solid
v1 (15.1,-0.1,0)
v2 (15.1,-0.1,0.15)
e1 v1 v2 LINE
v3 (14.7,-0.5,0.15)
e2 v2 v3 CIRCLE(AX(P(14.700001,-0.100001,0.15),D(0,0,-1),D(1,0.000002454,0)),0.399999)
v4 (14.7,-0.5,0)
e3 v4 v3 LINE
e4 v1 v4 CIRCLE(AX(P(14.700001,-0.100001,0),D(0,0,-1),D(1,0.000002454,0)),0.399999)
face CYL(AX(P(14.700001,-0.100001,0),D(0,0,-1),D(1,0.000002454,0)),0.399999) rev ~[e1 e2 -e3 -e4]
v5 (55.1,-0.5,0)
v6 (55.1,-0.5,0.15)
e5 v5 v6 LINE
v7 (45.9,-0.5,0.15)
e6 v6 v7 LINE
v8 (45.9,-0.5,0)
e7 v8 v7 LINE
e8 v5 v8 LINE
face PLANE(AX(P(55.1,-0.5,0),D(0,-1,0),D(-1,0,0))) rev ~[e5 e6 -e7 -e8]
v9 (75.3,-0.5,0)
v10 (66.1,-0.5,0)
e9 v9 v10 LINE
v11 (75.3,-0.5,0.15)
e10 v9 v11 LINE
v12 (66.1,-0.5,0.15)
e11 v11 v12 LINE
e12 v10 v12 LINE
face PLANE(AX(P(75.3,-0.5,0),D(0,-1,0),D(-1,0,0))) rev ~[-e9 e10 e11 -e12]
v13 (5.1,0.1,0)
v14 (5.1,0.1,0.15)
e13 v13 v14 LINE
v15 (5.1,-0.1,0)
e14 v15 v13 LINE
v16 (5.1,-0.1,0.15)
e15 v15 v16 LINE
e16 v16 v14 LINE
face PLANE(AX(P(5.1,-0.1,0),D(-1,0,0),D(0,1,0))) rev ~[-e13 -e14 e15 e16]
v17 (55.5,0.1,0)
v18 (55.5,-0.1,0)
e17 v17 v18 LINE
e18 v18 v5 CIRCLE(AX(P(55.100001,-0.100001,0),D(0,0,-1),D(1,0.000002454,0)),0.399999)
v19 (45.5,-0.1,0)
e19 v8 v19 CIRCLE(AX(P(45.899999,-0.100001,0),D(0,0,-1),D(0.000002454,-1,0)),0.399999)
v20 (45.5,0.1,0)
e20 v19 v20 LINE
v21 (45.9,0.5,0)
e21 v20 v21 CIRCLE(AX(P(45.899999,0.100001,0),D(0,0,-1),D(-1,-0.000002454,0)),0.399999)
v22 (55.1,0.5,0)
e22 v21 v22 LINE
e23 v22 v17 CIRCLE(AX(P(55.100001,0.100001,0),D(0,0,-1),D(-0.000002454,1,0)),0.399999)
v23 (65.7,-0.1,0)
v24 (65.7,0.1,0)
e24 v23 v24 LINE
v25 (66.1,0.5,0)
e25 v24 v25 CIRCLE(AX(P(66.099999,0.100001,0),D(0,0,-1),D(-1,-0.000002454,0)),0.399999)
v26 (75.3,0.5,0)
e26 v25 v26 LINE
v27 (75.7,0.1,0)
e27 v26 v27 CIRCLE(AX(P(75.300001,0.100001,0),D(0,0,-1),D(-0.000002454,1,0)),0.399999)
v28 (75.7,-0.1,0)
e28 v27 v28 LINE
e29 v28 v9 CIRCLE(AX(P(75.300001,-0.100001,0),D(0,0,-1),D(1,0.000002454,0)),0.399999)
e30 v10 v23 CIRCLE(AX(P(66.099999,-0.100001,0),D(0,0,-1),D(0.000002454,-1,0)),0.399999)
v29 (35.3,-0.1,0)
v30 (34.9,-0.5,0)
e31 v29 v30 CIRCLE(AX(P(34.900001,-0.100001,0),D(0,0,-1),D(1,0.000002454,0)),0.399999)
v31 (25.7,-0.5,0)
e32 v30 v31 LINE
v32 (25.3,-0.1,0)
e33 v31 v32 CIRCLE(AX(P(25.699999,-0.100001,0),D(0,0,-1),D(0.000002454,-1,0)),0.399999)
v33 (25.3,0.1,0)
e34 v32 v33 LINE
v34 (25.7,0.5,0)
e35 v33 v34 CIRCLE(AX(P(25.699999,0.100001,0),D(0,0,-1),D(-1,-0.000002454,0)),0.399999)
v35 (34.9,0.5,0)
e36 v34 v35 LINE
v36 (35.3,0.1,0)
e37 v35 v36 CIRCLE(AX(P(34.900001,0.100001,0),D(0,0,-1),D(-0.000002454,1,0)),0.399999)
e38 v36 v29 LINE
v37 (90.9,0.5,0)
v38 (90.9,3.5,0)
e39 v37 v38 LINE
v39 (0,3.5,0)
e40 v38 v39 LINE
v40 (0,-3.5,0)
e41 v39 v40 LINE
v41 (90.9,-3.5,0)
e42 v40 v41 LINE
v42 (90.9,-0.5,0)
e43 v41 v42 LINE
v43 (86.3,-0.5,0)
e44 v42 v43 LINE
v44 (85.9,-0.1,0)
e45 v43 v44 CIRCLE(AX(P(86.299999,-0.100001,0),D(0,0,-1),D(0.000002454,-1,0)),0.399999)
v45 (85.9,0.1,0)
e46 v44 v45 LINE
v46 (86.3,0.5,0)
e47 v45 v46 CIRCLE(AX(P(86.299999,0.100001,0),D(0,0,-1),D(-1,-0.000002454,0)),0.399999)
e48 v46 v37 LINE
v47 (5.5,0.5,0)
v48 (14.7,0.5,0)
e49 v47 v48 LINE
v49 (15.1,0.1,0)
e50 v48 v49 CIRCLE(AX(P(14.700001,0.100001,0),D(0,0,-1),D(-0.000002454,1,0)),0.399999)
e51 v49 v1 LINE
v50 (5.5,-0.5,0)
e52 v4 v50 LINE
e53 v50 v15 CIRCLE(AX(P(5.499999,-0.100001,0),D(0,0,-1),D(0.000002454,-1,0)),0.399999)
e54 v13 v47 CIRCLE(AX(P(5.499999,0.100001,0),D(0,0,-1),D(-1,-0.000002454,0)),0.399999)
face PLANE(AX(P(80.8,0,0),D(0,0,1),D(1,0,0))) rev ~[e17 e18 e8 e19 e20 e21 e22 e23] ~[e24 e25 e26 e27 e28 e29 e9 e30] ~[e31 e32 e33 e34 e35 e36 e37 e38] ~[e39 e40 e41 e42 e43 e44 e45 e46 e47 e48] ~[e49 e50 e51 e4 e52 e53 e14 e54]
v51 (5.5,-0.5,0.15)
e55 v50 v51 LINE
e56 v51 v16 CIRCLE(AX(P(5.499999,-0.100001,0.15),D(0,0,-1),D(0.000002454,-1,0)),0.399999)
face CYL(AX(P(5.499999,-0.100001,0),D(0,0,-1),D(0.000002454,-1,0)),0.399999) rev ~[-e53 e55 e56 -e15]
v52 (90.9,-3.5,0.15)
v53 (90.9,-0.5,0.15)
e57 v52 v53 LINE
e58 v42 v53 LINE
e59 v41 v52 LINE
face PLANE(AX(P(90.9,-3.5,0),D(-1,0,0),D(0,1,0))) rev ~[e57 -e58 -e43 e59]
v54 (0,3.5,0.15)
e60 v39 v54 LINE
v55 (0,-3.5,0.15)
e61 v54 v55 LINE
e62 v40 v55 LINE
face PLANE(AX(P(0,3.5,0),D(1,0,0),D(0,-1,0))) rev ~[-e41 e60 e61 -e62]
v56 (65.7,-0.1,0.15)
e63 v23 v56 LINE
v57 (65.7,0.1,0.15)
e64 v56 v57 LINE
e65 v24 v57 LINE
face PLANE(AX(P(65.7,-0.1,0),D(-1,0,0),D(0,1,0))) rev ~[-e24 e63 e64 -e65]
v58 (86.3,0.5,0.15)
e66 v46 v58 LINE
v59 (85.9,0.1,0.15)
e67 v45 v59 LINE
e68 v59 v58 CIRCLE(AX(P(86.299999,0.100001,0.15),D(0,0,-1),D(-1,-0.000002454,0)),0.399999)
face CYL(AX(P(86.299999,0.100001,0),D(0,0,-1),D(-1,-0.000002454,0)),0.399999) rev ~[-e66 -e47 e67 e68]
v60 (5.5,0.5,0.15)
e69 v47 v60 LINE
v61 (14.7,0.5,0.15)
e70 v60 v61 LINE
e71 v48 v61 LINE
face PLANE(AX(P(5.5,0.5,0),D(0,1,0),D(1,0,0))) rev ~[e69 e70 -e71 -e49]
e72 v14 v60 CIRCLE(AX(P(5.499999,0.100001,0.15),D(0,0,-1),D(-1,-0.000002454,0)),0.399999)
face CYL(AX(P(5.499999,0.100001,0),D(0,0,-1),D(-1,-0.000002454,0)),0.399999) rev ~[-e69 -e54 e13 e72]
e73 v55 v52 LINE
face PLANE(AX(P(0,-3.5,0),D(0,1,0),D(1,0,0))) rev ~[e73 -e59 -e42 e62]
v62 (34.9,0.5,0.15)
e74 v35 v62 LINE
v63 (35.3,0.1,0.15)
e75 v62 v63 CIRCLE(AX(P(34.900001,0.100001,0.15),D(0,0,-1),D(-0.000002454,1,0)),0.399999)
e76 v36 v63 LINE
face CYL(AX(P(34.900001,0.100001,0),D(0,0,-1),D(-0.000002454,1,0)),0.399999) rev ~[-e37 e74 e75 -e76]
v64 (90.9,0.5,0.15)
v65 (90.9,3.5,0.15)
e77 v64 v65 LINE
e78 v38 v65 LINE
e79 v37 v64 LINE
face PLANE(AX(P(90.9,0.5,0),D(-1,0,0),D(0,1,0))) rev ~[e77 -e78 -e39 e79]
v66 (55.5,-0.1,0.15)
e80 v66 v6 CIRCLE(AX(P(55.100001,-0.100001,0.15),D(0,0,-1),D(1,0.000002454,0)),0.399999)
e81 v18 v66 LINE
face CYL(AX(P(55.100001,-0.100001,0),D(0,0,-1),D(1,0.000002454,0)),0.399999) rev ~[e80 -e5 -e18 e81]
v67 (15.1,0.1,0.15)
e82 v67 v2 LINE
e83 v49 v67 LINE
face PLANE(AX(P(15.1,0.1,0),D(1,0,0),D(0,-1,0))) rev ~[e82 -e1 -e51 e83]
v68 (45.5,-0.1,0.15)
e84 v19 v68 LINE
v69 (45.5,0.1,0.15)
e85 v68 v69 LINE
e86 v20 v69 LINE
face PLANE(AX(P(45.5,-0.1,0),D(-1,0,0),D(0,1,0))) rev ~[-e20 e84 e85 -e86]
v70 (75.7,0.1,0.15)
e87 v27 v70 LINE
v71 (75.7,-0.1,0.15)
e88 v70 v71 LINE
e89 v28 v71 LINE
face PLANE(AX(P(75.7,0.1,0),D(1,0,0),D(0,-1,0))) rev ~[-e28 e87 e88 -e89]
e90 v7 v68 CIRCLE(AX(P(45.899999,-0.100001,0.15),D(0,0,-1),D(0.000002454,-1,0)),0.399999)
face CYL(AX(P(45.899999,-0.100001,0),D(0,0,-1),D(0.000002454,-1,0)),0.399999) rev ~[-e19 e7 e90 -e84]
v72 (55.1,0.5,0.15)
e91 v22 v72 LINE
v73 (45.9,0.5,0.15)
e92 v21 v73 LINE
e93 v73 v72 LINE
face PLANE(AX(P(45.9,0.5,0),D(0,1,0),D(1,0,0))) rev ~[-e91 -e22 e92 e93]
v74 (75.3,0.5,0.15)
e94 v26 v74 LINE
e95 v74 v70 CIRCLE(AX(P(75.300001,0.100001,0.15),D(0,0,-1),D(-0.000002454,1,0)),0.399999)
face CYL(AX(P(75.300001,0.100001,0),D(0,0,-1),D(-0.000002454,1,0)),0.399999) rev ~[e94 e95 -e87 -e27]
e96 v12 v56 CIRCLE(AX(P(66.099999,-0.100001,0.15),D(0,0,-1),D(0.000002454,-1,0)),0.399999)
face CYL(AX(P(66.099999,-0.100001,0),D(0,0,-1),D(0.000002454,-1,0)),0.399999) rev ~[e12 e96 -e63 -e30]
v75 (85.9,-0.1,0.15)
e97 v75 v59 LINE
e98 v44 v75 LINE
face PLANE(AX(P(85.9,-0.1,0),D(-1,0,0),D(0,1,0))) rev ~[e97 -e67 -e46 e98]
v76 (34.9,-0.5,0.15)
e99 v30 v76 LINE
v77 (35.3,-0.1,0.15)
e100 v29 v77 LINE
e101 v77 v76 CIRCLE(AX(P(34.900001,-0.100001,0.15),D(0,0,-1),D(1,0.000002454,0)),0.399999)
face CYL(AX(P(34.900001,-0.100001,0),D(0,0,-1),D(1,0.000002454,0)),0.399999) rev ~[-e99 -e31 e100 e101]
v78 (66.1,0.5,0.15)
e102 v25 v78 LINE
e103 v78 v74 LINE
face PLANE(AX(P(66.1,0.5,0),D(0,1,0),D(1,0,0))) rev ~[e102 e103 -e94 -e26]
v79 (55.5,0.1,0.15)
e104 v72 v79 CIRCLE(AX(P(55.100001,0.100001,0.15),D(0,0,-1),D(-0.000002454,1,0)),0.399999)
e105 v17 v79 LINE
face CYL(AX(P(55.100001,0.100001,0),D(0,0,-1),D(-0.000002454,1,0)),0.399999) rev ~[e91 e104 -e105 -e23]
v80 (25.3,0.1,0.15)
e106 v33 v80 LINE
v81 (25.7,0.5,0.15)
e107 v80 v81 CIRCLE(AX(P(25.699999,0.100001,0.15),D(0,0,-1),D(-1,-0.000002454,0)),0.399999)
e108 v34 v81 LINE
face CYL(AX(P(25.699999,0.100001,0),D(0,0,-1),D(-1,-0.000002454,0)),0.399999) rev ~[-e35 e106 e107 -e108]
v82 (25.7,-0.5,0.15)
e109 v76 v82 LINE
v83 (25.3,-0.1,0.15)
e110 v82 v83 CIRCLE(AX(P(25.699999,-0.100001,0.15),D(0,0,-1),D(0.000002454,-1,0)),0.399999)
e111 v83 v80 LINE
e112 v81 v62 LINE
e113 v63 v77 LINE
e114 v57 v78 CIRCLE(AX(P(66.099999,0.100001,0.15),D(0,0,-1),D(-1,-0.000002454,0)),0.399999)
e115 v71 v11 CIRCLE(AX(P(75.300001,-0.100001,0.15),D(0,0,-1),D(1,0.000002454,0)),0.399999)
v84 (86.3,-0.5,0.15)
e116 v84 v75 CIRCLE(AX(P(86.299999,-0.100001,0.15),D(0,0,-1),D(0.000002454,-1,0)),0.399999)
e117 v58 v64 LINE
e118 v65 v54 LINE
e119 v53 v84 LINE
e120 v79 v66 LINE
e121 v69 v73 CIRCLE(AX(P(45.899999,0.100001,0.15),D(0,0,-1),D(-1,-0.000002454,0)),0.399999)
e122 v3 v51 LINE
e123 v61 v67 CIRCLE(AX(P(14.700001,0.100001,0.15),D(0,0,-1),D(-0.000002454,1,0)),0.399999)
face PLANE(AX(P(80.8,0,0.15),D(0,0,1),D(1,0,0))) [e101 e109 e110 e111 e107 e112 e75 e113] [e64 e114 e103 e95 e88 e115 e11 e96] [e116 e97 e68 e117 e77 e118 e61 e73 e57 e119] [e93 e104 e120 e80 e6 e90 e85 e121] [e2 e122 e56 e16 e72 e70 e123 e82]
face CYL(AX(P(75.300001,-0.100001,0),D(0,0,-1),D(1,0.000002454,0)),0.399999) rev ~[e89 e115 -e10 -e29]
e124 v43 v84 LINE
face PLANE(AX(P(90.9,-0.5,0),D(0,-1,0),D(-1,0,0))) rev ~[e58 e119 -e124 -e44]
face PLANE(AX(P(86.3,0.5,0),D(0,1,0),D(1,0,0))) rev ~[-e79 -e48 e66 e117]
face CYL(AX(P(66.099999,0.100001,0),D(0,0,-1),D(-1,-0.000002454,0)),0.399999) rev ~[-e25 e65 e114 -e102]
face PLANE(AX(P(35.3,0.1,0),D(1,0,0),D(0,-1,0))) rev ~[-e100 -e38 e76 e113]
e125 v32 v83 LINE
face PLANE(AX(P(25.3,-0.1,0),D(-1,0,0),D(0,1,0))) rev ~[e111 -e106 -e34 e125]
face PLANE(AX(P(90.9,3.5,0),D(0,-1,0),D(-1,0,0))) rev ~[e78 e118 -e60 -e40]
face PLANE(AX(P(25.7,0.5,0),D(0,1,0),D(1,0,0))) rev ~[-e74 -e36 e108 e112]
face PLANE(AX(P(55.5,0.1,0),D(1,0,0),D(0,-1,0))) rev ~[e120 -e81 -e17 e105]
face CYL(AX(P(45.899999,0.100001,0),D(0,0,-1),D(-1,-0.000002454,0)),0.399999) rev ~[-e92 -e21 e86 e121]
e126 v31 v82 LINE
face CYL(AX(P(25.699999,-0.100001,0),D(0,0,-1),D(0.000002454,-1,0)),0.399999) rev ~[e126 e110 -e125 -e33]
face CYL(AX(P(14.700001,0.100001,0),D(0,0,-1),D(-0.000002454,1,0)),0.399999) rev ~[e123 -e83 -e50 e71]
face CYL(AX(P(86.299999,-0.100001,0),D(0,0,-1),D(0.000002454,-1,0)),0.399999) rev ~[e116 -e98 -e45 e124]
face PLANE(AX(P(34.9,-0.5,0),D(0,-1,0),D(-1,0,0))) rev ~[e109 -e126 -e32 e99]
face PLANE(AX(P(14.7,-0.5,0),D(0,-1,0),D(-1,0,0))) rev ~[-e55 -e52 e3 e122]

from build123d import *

# Parameters (mm, degrees)
F1_DEPTH = 0.15


with BuildPart() as f1:
    # F0 (on Top) → F1 (new body)
    with BuildSketch(Plane.XY):
        with BuildLine():
            Line((70.7, -0.5), (70.7, -3.5))
            Line((70.7, -3.5), (80.8, -3.5))
            Line((80.8, -3.5), (90.9, -3.5))
            Line((90.9, -3.5), (90.9, -0.5))
            Line((90.9, -0.5), (86.3, -0.5))
            ThreePointArc((86.3, -0.5), (86.017157, -0.382843), (85.9, -0.1))
            Line((85.9, -0.1), (85.9, 0.1))
            ThreePointArc((85.9, 0.1), (86.017157, 0.382843), (86.3, 0.5))
            Line((86.3, 0.5), (90.9, 0.5))
            Line((90.9, 0.5), (90.9, 3.5))
            Line((90.9, 3.5), (80.8, 3.5))
            Line((80.8, 3.5), (70.7, 3.5))
            Line((70.7, 3.5), (70.7, 0.5))
            Line((70.7, 0.5), (75.3, 0.5))
            ThreePointArc((75.3, 0.5), (75.582843, 0.382843), (75.7, 0.1))
            Line((75.7, 0.1), (75.7, -0.1))
            ThreePointArc((75.7, -0.1), (75.582843, -0.382843), (75.3, -0.5))
            Line((75.3, -0.5), (70.7, -0.5))
        make_face()
        with BuildLine():
            Line((10.1, -0.5), (10.1, -3.5))
            Line((10.1, -3.5), (20.2, -3.5))
            Line((20.2, -3.5), (30.3, -3.5))
            Line((30.3, -3.5), (30.3, -0.5))
            Line((30.3, -0.5), (25.7, -0.5))
            ThreePointArc((25.7, -0.5), (25.417157, -0.382843), (25.3, -0.1))
            Line((25.3, -0.1), (25.3, 0.1))
            ThreePointArc((25.3, 0.1), (25.417157, 0.382843), (25.7, 0.5))
            Line((25.7, 0.5), (30.3, 0.5))
            Line((30.3, 0.5), (30.3, 3.5))
            Line((30.3, 3.5), (20.2, 3.5))
            Line((20.2, 3.5), (10.1, 3.5))
            Line((10.1, 3.5), (10.1, 0.5))
            Line((10.1, 0.5), (14.7, 0.5))
            ThreePointArc((14.7, 0.5), (14.982843, 0.382843), (15.1, 0.1))
            Line((15.1, 0.1), (15.1, -0.1))
            ThreePointArc((15.1, -0.1), (14.982843, -0.382843), (14.7, -0.5))
            Line((14.7, -0.5), (10.1, -0.5))
        make_face()
        with BuildLine():
            Line((30.3, -0.5), (30.3, -3.5))
            Line((30.3, -3.5), (40.4, -3.5))
            Line((40.4, -3.5), (50.5, -3.5))
            Line((50.5, -3.5), (50.5, -0.5))
            Line((50.5, -0.5), (45.9, -0.5))
            ThreePointArc((45.9, -0.5), (45.617157, -0.382843), (45.5, -0.1))
            Line((45.5, -0.1), (45.5, 0.1))
            ThreePointArc((45.5, 0.1), (45.617157, 0.382843), (45.9, 0.5))
            Line((45.9, 0.5), (50.5, 0.5))
            Line((50.5, 0.5), (50.5, 3.5))
            Line((50.5, 3.5), (40.4, 3.5))
            Line((40.4, 3.5), (30.3, 3.5))
            Line((30.3, 3.5), (30.3, 0.5))
            Line((30.3, 0.5), (34.9, 0.5))
            ThreePointArc((34.9, 0.5), (35.182843, 0.382843), (35.3, 0.1))
            Line((35.3, 0.1), (35.3, -0.1))
            ThreePointArc((35.3, -0.1), (35.182843, -0.382843), (34.9, -0.5))
            Line((34.9, -0.5), (30.3, -0.5))
        make_face()
        with BuildLine():
            Line((50.5, -0.5), (50.5, -3.5))
            Line((50.5, -3.5), (60.6, -3.5))
            Line((60.6, -3.5), (70.7, -3.5))
            Line((70.7, -3.5), (70.7, -0.5))
            Line((70.7, -0.5), (66.1, -0.5))
            ThreePointArc((66.1, -0.5), (65.817157, -0.382843), (65.7, -0.1))
            Line((65.7, -0.1), (65.7, 0.1))
            ThreePointArc((65.7, 0.1), (65.817157, 0.382843), (66.1, 0.5))
            Line((66.1, 0.5), (70.7, 0.5))
            Line((70.7, 0.5), (70.7, 3.5))
            Line((70.7, 3.5), (60.6, 3.5))
            Line((60.6, 3.5), (50.5, 3.5))
            Line((50.5, 3.5), (50.5, 0.5))
            Line((50.5, 0.5), (55.1, 0.5))
            ThreePointArc((55.1, 0.5), (55.382843, 0.382843), (55.5, 0.1))
            Line((55.5, 0.1), (55.5, -0.1))
            ThreePointArc((55.5, -0.1), (55.382843, -0.382843), (55.1, -0.5))
            Line((55.1, -0.5), (50.5, -0.5))
        make_face()
        with BuildLine():
            Line((0, 3.5), (0, -3.5))
            Line((0, -3.5), (10.1, -3.5))
            Line((10.1, -3.5), (10.1, -0.5))
            Line((10.1, -0.5), (5.5, -0.5))
            ThreePointArc((5.5, -0.5), (5.217157, -0.382843), (5.1, -0.1))
            Line((5.1, -0.1), (5.1, 0.1))
            ThreePointArc((5.1, 0.1), (5.217157, 0.382843), (5.5, 0.5))
            Line((5.5, 0.5), (10.1, 0.5))
            Line((10.1, 0.5), (10.1, 3.5))
            Line((10.1, 3.5), (0, 3.5))
        make_face()
    extrude(amount=F1_DEPTH)


solid = f1.part
